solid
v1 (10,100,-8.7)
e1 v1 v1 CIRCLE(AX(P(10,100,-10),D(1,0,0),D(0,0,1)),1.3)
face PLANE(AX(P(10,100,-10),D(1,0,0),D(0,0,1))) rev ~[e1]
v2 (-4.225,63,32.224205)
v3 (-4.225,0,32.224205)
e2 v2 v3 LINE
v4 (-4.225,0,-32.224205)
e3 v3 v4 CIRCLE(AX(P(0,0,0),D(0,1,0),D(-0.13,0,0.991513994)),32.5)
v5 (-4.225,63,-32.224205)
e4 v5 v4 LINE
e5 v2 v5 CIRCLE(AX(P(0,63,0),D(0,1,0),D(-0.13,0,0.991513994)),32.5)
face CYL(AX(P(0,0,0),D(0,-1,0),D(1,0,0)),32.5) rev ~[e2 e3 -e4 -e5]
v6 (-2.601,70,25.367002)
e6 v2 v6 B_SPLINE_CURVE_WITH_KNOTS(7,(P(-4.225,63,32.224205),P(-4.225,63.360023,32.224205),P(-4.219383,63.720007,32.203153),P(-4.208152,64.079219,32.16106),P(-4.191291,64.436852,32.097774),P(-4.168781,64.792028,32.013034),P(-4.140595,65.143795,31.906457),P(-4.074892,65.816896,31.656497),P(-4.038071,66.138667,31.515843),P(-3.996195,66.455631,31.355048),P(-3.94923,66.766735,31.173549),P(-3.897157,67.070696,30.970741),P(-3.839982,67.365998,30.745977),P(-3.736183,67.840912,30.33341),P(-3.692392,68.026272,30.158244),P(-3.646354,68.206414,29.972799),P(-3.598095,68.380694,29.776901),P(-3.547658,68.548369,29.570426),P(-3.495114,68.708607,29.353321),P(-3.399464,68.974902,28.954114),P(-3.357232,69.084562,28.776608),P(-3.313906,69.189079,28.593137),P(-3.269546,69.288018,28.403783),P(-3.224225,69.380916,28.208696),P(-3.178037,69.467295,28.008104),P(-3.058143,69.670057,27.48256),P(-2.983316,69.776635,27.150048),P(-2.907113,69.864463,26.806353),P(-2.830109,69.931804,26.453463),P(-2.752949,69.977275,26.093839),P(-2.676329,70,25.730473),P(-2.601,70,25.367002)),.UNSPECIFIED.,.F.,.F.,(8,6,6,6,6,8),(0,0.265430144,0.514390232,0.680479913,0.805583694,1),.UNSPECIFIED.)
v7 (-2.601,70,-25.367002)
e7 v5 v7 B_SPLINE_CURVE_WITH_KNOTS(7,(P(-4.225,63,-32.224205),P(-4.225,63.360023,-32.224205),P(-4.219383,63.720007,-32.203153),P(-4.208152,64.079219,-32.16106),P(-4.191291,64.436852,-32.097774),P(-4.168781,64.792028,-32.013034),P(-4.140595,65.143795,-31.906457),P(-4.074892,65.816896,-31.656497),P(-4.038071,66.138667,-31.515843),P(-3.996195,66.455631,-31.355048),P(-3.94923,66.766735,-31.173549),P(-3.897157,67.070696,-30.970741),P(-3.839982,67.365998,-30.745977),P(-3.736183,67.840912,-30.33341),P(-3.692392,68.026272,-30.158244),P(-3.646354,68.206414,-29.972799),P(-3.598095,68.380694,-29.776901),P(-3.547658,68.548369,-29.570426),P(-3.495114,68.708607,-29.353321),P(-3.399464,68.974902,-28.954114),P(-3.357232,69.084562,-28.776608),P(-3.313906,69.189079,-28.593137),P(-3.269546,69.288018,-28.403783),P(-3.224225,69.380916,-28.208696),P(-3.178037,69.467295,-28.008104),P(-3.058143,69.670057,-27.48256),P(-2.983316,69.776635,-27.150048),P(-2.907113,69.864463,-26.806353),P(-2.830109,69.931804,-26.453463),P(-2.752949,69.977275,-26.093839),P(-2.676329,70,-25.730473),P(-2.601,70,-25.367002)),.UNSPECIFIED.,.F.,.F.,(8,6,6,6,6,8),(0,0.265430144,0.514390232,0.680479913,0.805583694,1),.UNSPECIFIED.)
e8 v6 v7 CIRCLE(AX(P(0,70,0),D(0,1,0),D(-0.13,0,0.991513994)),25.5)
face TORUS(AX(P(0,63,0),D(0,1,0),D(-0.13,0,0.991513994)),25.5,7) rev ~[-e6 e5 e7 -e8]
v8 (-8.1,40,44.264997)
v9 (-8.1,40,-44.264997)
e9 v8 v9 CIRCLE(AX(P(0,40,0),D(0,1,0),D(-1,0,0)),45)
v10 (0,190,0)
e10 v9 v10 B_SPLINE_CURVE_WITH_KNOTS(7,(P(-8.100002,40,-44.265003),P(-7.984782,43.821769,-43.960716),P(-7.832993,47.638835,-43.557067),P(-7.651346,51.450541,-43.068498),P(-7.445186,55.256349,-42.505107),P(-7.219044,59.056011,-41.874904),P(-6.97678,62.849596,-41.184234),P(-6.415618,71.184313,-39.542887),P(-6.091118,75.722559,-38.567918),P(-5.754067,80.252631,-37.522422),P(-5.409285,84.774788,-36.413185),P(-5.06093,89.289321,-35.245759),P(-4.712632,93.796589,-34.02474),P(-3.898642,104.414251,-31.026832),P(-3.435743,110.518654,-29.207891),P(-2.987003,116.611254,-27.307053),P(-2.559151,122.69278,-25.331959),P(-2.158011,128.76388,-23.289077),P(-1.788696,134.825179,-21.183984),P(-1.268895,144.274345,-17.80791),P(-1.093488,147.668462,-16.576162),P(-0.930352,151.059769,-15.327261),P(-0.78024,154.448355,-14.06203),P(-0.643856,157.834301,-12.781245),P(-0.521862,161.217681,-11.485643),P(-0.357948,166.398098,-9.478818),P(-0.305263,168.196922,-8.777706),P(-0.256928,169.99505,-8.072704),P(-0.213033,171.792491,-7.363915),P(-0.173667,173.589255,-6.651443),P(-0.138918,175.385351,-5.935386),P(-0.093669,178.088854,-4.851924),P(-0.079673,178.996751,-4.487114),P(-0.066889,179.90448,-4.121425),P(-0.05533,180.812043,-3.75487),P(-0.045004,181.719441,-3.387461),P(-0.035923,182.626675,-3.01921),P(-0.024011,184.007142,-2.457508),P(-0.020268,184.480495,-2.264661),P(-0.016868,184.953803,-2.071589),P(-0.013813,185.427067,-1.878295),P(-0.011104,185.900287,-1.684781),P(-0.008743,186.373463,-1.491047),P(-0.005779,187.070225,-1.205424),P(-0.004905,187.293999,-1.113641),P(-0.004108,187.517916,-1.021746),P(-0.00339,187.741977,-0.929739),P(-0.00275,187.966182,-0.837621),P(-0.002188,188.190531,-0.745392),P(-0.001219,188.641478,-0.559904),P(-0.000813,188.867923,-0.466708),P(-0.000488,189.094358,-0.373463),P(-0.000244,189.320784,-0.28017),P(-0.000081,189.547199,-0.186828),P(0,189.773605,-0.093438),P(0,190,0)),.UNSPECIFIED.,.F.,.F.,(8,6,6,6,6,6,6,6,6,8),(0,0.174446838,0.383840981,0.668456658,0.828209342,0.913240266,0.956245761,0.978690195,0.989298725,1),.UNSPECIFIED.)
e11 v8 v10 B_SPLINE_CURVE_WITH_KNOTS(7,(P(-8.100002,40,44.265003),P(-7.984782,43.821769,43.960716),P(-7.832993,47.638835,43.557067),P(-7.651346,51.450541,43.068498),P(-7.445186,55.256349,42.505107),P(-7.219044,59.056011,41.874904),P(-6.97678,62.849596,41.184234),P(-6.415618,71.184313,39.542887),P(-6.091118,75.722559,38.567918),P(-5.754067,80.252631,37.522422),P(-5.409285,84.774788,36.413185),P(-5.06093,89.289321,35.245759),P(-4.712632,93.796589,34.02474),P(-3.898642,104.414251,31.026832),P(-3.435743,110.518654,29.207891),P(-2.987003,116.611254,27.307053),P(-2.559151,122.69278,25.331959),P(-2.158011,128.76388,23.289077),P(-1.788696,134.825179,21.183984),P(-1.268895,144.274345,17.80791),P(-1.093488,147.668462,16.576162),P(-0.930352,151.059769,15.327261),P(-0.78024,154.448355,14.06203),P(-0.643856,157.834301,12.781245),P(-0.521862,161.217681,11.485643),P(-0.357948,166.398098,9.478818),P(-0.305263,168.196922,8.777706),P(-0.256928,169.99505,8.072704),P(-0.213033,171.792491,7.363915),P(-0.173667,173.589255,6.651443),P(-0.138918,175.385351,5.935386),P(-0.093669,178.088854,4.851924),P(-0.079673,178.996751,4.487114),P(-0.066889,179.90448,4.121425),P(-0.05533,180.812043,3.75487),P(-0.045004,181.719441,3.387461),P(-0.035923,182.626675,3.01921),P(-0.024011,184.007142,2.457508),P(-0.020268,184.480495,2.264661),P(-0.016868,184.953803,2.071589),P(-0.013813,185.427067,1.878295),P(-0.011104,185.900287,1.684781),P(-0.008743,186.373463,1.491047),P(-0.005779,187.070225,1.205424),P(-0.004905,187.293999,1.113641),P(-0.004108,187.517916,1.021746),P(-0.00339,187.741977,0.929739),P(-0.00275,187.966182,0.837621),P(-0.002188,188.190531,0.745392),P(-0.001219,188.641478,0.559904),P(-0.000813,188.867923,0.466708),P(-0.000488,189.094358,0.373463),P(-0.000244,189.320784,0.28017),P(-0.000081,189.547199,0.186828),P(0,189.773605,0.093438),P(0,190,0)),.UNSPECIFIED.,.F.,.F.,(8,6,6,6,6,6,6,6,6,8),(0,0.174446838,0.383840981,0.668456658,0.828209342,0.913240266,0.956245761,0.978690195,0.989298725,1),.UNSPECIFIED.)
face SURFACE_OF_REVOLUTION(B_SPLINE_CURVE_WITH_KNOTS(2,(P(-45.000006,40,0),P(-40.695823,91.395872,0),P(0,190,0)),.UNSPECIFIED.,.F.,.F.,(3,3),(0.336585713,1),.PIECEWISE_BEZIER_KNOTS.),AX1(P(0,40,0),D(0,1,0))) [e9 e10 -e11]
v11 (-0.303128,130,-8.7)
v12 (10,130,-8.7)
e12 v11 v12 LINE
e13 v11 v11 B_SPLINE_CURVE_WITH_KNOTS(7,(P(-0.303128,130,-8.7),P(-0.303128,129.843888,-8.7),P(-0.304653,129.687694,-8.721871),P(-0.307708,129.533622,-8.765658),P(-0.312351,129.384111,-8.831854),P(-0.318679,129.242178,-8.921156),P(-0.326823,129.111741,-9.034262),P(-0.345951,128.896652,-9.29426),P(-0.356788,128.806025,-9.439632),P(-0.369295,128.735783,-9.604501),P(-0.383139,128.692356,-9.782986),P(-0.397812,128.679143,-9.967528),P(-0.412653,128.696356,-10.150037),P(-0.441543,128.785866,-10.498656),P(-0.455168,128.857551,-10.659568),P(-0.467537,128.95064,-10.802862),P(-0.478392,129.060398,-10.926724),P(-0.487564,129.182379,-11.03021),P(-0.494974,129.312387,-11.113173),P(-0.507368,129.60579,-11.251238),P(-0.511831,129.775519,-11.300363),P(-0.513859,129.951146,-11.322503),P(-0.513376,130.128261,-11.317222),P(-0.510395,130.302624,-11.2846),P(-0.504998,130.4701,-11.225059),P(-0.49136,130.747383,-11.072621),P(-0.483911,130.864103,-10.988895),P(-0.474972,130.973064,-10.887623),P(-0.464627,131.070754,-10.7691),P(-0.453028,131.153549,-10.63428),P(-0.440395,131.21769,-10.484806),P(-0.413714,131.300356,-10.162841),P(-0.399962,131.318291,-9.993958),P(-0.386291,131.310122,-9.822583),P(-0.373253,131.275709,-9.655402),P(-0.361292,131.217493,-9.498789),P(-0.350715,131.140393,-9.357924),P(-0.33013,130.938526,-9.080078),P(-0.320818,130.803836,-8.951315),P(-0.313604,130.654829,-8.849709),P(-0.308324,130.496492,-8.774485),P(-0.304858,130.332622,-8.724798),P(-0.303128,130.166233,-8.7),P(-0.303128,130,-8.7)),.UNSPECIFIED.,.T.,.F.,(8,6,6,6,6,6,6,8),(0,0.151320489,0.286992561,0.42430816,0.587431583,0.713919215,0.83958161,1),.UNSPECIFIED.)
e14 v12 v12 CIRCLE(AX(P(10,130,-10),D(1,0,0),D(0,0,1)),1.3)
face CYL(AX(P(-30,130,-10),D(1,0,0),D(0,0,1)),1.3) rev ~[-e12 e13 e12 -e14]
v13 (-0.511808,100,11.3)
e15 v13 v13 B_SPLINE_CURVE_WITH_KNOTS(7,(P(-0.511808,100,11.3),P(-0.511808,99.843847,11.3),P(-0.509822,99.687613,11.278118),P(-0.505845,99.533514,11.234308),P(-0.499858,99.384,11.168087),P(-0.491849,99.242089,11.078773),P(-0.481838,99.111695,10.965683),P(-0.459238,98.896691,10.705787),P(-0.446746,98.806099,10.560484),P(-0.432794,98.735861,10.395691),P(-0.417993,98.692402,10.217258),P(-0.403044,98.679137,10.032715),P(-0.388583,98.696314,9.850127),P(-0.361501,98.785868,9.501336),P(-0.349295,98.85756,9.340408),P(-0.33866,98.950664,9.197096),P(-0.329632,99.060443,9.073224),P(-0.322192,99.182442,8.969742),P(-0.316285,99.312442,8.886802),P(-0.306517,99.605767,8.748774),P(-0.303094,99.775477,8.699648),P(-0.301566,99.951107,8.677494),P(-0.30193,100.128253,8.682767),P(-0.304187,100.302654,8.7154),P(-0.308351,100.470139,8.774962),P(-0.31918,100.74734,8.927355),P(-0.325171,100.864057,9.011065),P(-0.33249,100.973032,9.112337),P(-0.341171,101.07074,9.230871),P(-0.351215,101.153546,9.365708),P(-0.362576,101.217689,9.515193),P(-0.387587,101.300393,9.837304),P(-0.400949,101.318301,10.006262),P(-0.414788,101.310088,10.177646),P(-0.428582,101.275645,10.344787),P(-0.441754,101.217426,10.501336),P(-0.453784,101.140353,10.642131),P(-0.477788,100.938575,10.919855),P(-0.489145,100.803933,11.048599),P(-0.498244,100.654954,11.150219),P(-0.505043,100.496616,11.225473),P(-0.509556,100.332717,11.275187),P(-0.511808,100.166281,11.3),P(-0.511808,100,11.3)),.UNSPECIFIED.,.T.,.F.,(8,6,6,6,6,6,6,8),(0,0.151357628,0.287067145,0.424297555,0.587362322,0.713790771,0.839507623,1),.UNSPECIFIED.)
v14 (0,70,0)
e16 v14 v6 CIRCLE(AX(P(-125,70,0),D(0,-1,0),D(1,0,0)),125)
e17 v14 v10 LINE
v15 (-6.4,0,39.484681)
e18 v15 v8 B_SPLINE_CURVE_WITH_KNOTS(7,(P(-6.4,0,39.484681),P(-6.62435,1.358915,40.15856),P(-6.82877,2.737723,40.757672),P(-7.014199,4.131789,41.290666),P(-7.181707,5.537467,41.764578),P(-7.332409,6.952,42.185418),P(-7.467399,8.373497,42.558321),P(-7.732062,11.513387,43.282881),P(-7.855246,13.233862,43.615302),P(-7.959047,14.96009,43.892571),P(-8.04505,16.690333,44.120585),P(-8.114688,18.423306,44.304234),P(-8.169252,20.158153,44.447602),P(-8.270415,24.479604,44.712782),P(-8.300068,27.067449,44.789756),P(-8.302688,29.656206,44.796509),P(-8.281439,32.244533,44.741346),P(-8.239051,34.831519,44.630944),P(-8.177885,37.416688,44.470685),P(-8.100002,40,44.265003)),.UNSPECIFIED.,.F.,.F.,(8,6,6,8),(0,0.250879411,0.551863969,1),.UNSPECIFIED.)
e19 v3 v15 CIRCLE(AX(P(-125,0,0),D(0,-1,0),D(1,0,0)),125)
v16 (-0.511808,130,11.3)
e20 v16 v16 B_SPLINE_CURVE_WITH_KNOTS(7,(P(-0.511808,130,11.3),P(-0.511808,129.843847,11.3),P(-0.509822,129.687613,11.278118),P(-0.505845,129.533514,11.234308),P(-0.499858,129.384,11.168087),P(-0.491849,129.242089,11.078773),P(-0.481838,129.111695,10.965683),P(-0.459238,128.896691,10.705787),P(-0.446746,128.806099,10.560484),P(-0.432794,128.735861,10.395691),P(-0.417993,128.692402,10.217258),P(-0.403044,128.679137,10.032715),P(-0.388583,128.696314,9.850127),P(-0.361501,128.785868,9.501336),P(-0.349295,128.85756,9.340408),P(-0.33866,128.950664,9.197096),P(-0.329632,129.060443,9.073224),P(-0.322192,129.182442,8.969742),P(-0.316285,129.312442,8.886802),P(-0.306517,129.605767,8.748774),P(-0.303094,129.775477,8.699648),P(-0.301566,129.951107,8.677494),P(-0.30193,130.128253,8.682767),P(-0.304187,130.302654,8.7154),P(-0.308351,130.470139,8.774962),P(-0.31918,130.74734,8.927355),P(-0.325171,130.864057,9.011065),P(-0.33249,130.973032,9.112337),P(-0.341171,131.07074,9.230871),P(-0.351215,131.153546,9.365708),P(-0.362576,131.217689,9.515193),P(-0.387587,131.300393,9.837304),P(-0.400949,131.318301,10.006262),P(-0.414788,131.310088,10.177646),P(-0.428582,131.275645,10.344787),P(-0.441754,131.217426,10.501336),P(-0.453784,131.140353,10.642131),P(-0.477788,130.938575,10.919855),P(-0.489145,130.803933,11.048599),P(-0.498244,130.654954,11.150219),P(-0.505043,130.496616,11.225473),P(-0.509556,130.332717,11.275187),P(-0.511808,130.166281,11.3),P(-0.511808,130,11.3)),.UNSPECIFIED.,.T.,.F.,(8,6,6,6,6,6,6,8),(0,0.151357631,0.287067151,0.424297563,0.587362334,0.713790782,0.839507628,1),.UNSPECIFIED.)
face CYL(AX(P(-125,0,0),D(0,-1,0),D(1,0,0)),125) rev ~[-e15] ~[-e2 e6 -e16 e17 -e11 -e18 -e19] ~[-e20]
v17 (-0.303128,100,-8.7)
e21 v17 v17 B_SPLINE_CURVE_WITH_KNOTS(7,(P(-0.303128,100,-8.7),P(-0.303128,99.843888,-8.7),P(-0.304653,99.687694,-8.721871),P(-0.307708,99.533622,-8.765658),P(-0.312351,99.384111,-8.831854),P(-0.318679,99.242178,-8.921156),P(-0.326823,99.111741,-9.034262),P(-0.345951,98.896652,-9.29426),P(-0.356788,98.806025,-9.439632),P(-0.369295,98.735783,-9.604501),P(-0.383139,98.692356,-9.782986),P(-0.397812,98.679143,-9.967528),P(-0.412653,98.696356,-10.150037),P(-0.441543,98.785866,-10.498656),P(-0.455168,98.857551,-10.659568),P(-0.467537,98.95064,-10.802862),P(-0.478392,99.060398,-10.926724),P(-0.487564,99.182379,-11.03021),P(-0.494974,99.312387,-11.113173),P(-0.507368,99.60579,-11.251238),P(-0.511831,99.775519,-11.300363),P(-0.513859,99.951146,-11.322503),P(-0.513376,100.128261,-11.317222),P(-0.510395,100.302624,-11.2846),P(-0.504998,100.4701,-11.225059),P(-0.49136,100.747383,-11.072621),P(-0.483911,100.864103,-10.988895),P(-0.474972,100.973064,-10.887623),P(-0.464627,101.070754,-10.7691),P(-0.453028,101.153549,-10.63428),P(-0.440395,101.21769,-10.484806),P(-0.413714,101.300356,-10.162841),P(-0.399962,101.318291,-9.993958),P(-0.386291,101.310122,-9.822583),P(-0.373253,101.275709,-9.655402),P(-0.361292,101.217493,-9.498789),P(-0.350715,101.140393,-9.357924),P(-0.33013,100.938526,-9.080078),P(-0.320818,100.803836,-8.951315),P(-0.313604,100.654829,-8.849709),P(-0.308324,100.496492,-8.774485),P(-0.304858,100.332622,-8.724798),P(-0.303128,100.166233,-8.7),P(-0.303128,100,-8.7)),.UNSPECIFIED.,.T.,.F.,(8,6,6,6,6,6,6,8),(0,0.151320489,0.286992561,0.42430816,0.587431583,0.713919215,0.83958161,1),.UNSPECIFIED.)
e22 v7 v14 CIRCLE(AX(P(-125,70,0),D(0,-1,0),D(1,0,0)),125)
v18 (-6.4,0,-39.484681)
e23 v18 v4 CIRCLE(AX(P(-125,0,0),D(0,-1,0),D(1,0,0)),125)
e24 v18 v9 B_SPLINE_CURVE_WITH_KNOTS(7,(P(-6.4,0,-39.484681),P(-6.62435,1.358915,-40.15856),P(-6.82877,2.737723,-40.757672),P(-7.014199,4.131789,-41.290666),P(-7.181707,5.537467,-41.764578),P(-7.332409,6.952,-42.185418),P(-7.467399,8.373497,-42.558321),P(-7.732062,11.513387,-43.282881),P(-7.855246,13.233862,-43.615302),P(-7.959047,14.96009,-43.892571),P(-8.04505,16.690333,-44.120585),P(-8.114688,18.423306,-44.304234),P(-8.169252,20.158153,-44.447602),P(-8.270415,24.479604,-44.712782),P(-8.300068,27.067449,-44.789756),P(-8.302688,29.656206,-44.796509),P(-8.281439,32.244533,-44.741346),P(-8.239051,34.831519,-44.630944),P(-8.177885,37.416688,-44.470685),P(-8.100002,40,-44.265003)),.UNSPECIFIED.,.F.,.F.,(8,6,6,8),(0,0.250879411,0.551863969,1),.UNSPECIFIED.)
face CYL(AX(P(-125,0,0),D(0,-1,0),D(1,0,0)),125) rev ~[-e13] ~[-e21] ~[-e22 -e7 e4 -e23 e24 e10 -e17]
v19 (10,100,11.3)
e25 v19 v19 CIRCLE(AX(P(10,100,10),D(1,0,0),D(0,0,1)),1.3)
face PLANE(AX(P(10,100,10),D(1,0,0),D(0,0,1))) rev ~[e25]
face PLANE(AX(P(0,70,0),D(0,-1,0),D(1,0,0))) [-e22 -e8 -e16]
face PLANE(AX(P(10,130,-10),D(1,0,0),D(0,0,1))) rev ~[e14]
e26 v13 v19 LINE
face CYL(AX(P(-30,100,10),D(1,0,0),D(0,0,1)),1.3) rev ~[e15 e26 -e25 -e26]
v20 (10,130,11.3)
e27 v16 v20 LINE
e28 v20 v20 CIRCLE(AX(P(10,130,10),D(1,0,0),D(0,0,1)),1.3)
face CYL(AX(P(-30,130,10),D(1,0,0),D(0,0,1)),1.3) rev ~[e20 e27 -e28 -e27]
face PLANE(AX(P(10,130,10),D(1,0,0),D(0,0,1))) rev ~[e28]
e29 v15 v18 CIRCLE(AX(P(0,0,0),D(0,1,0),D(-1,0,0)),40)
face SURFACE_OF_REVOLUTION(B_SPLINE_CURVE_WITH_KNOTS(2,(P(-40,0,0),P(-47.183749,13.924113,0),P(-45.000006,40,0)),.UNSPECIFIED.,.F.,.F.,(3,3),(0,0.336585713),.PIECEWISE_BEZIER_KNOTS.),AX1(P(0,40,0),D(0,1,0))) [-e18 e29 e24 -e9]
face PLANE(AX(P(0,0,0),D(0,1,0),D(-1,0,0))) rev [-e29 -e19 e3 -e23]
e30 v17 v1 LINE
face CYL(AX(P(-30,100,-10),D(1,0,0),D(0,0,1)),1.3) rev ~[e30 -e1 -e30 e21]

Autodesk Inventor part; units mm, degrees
ref_plane "YZ Plane" through (0, 0, 0) normal (1, 0, 0) x (0, 1, 0)
ref_plane "XZ Plane" through (0, 0, 0) normal (0, 1, 0) x (-1, 0, 0)
ref_plane "XY Plane" through (0, 0, 0) normal (0, 0, 1) x (1, 0, 0)
sketch "スケッチ1" plane through (0, 0, 0) normal (0, 0, 1) x (1, 0, 0)
  line L0 (0, 0) -> (0, 40)
  line L1 (0, 40) -> (0, 190)
  line L2 (0, 40) -> (-45, 40)
  line L3 (0, 0) -> (-40, 0)
  spline S0 degree 2 poles (-40, 0) (-61.343, 41.3687) (0, 190) knots 0 0 0 1 1 1
  point P0 (0, 100)
  dimension "d0" = 40
  dimension "d1" = 150
  dimension "d2" = 45
  dimension "d3" = 40
  dimension "d14" = 100
revolve "回転1" add sketch "スケッチ1" angle 360 about axis through (0, 40, 0) along (0, 1, 0)
sketch "スケッチ4" plane through (0, 0, 0) normal (0, -1, 0) x (1, 0, 0)
  circle A0 centre (0, 0) radius 40 projected
  line L0 (-30, -26.4575) -> (-30, 26.4575)
  circle A1 centre (0, 0) radius 50.9747
  line L1 (-30, -41.2119) -> (-30, 41.2119)
  point P0 (-30, 0)
  point P1 (-40, 0)
  dimension "d15" = 30
extrude "押し出し3" cut sketch "スケッチ4" against normal blind 400 contours L0 A0 | A0 L1 A1 picked at (-33.2623, -1.3742) picked at (-32.3949, 34.1789)
sketch "スケッチ5" plane through (-30, 0, -26.4575) normal (-1, 0, 0) x (0, 0, 1)
  line L0 (52.915, 0) -> (0, 0) projected
  point P0 (26.4575, 0)
  point P1 (26.4575, 0)
  point P2 (16.4575, 100)
  point P3 (16.4575, 130)
  point P4 (36.4575, 100)
  point P5 (36.4575, 130)
  dimension "d20" = 30
hole "穴1" at (-30, 100, -10) at (-30, 130, -10) at (-30, 130, 10) at (-30, 100, 10) direction (1, 0, 0) diameter 2.6 depth 40
sketch "スケッチ6" plane through (0, 0, 0) normal (0, -1, 0) x (1, 0, 0)
  circle A0 centre (-125, 0) radius 125
  point P0 (0, 0)
  dimension "d28" = 250
  dimension "d29" = 125
extrude "押し出し4" cut sketch "スケッチ6" against normal blind 400
sketch "スケッチ7" plane through (0, 0, 0) normal (0, -1, 0) x (1, 0, 0)
  circle A0 centre (0, 0) radius 32.5
  dimension "d32" = 65
extrude "押し出し5" cut sketch "スケッチ7" against normal blind 70
fillet "フィレット2" radius 7 1 edges at (32.5, 70, 0)
properties part number "newleg" material "ゴム、黒"
